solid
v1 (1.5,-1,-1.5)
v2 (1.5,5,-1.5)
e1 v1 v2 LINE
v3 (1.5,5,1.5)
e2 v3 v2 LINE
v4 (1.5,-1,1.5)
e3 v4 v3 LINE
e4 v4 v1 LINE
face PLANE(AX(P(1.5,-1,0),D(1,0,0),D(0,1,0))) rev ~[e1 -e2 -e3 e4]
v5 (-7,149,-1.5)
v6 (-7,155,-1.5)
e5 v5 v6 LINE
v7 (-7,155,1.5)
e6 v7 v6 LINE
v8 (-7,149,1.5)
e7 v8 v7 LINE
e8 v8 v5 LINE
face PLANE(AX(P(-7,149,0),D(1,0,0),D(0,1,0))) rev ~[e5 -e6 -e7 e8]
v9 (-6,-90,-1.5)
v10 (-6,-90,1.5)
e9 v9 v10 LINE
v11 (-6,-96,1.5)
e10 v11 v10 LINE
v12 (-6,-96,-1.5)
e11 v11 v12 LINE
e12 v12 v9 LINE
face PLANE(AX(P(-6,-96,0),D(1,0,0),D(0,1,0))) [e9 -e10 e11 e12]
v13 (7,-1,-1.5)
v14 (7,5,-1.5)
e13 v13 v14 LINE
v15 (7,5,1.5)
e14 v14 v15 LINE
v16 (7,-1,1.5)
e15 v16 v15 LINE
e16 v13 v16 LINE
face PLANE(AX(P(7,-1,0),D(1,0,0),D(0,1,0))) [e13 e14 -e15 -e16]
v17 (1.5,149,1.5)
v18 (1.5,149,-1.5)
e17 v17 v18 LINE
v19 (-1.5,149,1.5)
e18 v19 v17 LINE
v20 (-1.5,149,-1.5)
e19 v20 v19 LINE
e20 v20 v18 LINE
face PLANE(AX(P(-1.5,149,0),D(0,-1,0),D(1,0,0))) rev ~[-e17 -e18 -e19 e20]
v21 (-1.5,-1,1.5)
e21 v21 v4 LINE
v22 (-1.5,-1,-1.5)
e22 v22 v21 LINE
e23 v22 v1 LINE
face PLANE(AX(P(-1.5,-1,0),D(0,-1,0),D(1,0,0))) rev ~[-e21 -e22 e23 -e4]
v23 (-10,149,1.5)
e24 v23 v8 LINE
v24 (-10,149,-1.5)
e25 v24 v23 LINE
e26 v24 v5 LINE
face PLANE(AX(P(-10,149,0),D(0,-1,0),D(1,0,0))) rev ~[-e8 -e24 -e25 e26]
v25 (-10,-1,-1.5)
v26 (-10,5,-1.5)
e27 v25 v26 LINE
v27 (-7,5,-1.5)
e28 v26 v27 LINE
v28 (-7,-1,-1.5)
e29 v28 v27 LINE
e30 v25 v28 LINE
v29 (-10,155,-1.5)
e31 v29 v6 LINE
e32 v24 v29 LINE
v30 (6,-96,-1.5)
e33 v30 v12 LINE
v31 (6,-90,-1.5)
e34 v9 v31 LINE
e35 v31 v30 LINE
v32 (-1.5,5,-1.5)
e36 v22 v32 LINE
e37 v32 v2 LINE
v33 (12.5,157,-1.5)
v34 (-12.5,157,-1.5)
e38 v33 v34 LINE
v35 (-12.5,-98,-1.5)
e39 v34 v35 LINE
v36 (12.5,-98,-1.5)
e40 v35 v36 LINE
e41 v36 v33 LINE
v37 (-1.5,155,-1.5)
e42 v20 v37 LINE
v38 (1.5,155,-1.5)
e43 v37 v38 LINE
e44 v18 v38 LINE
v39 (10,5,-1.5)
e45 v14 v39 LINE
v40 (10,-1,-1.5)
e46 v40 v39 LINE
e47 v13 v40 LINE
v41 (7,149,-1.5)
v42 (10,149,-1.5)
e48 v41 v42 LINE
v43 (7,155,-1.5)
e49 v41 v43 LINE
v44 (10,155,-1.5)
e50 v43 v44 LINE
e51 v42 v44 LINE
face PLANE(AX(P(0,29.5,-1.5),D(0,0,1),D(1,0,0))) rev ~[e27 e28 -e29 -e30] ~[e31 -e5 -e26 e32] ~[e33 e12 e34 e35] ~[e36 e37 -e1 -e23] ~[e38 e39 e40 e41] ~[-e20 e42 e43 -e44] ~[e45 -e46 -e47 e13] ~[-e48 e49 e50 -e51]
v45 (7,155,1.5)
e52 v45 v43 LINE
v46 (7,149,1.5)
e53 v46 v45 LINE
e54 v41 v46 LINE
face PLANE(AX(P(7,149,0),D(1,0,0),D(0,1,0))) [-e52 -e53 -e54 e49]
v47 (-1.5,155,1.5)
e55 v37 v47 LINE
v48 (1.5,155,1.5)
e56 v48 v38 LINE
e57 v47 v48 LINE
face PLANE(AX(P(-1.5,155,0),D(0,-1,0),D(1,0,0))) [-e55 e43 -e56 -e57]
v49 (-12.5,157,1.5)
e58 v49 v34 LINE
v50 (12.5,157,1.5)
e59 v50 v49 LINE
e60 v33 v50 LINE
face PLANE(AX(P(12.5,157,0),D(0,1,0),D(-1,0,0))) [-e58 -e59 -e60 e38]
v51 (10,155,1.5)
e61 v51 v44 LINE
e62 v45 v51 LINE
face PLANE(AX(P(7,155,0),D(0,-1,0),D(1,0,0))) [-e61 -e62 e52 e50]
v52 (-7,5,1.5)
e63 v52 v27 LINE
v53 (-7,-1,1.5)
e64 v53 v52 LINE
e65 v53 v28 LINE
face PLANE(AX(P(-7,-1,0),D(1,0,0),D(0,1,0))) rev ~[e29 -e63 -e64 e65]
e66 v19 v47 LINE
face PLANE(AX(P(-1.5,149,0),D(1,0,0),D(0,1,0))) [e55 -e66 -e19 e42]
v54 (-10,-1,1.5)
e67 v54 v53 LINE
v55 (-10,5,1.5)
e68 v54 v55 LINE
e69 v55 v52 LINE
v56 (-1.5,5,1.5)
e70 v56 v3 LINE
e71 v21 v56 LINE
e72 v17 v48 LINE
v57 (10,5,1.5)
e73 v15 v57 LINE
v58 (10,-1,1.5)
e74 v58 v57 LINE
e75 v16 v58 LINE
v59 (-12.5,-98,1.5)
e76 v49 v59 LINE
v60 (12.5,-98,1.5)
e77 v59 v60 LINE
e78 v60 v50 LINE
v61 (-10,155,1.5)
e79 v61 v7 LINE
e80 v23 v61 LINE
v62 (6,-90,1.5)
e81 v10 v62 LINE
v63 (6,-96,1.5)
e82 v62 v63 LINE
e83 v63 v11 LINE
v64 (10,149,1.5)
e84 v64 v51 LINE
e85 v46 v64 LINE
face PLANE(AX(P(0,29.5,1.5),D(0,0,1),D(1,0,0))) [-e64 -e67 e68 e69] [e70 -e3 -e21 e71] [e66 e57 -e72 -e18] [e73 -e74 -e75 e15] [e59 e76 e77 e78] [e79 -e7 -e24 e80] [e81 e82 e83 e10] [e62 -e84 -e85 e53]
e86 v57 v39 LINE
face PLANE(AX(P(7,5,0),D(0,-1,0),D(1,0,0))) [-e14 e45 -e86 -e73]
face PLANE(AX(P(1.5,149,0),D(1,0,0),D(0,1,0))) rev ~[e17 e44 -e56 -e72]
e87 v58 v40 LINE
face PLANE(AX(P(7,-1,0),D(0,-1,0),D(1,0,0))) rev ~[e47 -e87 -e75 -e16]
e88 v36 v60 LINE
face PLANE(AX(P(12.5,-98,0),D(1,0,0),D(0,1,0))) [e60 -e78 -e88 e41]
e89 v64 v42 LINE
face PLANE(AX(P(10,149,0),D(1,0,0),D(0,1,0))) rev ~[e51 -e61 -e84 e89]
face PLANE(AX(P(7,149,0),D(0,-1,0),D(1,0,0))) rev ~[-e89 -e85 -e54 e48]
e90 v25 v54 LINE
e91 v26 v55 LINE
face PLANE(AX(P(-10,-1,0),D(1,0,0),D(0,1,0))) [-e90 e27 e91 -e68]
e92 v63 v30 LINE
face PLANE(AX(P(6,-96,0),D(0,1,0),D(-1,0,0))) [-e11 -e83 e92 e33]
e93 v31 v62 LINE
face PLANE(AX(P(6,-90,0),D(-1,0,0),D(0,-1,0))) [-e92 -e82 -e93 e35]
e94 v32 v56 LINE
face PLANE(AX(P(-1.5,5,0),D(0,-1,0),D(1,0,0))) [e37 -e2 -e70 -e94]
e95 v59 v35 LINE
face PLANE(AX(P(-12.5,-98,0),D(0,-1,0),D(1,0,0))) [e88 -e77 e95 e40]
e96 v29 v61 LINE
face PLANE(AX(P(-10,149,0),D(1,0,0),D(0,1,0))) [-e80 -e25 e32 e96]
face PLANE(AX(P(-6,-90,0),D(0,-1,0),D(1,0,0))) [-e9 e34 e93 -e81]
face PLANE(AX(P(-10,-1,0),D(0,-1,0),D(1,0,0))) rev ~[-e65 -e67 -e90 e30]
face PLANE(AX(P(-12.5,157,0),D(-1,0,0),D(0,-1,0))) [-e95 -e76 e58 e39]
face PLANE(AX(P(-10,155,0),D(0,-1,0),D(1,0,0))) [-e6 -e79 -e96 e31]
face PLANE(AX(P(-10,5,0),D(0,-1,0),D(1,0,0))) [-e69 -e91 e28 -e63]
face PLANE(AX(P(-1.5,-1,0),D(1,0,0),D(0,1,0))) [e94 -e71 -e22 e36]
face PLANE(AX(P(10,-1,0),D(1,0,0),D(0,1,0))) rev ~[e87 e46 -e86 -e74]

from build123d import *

# Parameters (mm, degrees)
F0_W     = 3
F0_H     = 6
F1_DEPTH = 1.5


with BuildPart() as f1:
    # F0 (on Top) → F1 (new body, symmetric)
    with BuildSketch(Plane.XY):
        Polygon((-12.5, 7), (-12.5, 0), (-12.5, -98), (12.5, -98), (12.5, 0), (12.5, 7), (12.5, 157), (10, 157), (-12.5, 157), align=None)
        with Locations((-8.5, 2)):
            Rectangle(F0_W, F0_H, mode=Mode.SUBTRACT)
        Polygon((-6, -90), (0, -90), (6, -90), (6, -96), (-6, -96), align=None, mode=Mode.SUBTRACT)
        with Locations((0, 2)):
            Rectangle(F0_W, F0_H, mode=Mode.SUBTRACT)
        with Locations((8.5, 2)):
            Rectangle(F0_W, F0_H, mode=Mode.SUBTRACT)
        with Locations((-8.5, 152)):
            Rectangle(F0_W, F0_H, mode=Mode.SUBTRACT)
        with Locations((0, 152)):
            Rectangle(F0_W, F0_H, mode=Mode.SUBTRACT)
        with Locations((8.5, 152)):
            Rectangle(F0_W, F0_H, mode=Mode.SUBTRACT)
    extrude(amount=F1_DEPTH, both=True)


solid = f1.part
